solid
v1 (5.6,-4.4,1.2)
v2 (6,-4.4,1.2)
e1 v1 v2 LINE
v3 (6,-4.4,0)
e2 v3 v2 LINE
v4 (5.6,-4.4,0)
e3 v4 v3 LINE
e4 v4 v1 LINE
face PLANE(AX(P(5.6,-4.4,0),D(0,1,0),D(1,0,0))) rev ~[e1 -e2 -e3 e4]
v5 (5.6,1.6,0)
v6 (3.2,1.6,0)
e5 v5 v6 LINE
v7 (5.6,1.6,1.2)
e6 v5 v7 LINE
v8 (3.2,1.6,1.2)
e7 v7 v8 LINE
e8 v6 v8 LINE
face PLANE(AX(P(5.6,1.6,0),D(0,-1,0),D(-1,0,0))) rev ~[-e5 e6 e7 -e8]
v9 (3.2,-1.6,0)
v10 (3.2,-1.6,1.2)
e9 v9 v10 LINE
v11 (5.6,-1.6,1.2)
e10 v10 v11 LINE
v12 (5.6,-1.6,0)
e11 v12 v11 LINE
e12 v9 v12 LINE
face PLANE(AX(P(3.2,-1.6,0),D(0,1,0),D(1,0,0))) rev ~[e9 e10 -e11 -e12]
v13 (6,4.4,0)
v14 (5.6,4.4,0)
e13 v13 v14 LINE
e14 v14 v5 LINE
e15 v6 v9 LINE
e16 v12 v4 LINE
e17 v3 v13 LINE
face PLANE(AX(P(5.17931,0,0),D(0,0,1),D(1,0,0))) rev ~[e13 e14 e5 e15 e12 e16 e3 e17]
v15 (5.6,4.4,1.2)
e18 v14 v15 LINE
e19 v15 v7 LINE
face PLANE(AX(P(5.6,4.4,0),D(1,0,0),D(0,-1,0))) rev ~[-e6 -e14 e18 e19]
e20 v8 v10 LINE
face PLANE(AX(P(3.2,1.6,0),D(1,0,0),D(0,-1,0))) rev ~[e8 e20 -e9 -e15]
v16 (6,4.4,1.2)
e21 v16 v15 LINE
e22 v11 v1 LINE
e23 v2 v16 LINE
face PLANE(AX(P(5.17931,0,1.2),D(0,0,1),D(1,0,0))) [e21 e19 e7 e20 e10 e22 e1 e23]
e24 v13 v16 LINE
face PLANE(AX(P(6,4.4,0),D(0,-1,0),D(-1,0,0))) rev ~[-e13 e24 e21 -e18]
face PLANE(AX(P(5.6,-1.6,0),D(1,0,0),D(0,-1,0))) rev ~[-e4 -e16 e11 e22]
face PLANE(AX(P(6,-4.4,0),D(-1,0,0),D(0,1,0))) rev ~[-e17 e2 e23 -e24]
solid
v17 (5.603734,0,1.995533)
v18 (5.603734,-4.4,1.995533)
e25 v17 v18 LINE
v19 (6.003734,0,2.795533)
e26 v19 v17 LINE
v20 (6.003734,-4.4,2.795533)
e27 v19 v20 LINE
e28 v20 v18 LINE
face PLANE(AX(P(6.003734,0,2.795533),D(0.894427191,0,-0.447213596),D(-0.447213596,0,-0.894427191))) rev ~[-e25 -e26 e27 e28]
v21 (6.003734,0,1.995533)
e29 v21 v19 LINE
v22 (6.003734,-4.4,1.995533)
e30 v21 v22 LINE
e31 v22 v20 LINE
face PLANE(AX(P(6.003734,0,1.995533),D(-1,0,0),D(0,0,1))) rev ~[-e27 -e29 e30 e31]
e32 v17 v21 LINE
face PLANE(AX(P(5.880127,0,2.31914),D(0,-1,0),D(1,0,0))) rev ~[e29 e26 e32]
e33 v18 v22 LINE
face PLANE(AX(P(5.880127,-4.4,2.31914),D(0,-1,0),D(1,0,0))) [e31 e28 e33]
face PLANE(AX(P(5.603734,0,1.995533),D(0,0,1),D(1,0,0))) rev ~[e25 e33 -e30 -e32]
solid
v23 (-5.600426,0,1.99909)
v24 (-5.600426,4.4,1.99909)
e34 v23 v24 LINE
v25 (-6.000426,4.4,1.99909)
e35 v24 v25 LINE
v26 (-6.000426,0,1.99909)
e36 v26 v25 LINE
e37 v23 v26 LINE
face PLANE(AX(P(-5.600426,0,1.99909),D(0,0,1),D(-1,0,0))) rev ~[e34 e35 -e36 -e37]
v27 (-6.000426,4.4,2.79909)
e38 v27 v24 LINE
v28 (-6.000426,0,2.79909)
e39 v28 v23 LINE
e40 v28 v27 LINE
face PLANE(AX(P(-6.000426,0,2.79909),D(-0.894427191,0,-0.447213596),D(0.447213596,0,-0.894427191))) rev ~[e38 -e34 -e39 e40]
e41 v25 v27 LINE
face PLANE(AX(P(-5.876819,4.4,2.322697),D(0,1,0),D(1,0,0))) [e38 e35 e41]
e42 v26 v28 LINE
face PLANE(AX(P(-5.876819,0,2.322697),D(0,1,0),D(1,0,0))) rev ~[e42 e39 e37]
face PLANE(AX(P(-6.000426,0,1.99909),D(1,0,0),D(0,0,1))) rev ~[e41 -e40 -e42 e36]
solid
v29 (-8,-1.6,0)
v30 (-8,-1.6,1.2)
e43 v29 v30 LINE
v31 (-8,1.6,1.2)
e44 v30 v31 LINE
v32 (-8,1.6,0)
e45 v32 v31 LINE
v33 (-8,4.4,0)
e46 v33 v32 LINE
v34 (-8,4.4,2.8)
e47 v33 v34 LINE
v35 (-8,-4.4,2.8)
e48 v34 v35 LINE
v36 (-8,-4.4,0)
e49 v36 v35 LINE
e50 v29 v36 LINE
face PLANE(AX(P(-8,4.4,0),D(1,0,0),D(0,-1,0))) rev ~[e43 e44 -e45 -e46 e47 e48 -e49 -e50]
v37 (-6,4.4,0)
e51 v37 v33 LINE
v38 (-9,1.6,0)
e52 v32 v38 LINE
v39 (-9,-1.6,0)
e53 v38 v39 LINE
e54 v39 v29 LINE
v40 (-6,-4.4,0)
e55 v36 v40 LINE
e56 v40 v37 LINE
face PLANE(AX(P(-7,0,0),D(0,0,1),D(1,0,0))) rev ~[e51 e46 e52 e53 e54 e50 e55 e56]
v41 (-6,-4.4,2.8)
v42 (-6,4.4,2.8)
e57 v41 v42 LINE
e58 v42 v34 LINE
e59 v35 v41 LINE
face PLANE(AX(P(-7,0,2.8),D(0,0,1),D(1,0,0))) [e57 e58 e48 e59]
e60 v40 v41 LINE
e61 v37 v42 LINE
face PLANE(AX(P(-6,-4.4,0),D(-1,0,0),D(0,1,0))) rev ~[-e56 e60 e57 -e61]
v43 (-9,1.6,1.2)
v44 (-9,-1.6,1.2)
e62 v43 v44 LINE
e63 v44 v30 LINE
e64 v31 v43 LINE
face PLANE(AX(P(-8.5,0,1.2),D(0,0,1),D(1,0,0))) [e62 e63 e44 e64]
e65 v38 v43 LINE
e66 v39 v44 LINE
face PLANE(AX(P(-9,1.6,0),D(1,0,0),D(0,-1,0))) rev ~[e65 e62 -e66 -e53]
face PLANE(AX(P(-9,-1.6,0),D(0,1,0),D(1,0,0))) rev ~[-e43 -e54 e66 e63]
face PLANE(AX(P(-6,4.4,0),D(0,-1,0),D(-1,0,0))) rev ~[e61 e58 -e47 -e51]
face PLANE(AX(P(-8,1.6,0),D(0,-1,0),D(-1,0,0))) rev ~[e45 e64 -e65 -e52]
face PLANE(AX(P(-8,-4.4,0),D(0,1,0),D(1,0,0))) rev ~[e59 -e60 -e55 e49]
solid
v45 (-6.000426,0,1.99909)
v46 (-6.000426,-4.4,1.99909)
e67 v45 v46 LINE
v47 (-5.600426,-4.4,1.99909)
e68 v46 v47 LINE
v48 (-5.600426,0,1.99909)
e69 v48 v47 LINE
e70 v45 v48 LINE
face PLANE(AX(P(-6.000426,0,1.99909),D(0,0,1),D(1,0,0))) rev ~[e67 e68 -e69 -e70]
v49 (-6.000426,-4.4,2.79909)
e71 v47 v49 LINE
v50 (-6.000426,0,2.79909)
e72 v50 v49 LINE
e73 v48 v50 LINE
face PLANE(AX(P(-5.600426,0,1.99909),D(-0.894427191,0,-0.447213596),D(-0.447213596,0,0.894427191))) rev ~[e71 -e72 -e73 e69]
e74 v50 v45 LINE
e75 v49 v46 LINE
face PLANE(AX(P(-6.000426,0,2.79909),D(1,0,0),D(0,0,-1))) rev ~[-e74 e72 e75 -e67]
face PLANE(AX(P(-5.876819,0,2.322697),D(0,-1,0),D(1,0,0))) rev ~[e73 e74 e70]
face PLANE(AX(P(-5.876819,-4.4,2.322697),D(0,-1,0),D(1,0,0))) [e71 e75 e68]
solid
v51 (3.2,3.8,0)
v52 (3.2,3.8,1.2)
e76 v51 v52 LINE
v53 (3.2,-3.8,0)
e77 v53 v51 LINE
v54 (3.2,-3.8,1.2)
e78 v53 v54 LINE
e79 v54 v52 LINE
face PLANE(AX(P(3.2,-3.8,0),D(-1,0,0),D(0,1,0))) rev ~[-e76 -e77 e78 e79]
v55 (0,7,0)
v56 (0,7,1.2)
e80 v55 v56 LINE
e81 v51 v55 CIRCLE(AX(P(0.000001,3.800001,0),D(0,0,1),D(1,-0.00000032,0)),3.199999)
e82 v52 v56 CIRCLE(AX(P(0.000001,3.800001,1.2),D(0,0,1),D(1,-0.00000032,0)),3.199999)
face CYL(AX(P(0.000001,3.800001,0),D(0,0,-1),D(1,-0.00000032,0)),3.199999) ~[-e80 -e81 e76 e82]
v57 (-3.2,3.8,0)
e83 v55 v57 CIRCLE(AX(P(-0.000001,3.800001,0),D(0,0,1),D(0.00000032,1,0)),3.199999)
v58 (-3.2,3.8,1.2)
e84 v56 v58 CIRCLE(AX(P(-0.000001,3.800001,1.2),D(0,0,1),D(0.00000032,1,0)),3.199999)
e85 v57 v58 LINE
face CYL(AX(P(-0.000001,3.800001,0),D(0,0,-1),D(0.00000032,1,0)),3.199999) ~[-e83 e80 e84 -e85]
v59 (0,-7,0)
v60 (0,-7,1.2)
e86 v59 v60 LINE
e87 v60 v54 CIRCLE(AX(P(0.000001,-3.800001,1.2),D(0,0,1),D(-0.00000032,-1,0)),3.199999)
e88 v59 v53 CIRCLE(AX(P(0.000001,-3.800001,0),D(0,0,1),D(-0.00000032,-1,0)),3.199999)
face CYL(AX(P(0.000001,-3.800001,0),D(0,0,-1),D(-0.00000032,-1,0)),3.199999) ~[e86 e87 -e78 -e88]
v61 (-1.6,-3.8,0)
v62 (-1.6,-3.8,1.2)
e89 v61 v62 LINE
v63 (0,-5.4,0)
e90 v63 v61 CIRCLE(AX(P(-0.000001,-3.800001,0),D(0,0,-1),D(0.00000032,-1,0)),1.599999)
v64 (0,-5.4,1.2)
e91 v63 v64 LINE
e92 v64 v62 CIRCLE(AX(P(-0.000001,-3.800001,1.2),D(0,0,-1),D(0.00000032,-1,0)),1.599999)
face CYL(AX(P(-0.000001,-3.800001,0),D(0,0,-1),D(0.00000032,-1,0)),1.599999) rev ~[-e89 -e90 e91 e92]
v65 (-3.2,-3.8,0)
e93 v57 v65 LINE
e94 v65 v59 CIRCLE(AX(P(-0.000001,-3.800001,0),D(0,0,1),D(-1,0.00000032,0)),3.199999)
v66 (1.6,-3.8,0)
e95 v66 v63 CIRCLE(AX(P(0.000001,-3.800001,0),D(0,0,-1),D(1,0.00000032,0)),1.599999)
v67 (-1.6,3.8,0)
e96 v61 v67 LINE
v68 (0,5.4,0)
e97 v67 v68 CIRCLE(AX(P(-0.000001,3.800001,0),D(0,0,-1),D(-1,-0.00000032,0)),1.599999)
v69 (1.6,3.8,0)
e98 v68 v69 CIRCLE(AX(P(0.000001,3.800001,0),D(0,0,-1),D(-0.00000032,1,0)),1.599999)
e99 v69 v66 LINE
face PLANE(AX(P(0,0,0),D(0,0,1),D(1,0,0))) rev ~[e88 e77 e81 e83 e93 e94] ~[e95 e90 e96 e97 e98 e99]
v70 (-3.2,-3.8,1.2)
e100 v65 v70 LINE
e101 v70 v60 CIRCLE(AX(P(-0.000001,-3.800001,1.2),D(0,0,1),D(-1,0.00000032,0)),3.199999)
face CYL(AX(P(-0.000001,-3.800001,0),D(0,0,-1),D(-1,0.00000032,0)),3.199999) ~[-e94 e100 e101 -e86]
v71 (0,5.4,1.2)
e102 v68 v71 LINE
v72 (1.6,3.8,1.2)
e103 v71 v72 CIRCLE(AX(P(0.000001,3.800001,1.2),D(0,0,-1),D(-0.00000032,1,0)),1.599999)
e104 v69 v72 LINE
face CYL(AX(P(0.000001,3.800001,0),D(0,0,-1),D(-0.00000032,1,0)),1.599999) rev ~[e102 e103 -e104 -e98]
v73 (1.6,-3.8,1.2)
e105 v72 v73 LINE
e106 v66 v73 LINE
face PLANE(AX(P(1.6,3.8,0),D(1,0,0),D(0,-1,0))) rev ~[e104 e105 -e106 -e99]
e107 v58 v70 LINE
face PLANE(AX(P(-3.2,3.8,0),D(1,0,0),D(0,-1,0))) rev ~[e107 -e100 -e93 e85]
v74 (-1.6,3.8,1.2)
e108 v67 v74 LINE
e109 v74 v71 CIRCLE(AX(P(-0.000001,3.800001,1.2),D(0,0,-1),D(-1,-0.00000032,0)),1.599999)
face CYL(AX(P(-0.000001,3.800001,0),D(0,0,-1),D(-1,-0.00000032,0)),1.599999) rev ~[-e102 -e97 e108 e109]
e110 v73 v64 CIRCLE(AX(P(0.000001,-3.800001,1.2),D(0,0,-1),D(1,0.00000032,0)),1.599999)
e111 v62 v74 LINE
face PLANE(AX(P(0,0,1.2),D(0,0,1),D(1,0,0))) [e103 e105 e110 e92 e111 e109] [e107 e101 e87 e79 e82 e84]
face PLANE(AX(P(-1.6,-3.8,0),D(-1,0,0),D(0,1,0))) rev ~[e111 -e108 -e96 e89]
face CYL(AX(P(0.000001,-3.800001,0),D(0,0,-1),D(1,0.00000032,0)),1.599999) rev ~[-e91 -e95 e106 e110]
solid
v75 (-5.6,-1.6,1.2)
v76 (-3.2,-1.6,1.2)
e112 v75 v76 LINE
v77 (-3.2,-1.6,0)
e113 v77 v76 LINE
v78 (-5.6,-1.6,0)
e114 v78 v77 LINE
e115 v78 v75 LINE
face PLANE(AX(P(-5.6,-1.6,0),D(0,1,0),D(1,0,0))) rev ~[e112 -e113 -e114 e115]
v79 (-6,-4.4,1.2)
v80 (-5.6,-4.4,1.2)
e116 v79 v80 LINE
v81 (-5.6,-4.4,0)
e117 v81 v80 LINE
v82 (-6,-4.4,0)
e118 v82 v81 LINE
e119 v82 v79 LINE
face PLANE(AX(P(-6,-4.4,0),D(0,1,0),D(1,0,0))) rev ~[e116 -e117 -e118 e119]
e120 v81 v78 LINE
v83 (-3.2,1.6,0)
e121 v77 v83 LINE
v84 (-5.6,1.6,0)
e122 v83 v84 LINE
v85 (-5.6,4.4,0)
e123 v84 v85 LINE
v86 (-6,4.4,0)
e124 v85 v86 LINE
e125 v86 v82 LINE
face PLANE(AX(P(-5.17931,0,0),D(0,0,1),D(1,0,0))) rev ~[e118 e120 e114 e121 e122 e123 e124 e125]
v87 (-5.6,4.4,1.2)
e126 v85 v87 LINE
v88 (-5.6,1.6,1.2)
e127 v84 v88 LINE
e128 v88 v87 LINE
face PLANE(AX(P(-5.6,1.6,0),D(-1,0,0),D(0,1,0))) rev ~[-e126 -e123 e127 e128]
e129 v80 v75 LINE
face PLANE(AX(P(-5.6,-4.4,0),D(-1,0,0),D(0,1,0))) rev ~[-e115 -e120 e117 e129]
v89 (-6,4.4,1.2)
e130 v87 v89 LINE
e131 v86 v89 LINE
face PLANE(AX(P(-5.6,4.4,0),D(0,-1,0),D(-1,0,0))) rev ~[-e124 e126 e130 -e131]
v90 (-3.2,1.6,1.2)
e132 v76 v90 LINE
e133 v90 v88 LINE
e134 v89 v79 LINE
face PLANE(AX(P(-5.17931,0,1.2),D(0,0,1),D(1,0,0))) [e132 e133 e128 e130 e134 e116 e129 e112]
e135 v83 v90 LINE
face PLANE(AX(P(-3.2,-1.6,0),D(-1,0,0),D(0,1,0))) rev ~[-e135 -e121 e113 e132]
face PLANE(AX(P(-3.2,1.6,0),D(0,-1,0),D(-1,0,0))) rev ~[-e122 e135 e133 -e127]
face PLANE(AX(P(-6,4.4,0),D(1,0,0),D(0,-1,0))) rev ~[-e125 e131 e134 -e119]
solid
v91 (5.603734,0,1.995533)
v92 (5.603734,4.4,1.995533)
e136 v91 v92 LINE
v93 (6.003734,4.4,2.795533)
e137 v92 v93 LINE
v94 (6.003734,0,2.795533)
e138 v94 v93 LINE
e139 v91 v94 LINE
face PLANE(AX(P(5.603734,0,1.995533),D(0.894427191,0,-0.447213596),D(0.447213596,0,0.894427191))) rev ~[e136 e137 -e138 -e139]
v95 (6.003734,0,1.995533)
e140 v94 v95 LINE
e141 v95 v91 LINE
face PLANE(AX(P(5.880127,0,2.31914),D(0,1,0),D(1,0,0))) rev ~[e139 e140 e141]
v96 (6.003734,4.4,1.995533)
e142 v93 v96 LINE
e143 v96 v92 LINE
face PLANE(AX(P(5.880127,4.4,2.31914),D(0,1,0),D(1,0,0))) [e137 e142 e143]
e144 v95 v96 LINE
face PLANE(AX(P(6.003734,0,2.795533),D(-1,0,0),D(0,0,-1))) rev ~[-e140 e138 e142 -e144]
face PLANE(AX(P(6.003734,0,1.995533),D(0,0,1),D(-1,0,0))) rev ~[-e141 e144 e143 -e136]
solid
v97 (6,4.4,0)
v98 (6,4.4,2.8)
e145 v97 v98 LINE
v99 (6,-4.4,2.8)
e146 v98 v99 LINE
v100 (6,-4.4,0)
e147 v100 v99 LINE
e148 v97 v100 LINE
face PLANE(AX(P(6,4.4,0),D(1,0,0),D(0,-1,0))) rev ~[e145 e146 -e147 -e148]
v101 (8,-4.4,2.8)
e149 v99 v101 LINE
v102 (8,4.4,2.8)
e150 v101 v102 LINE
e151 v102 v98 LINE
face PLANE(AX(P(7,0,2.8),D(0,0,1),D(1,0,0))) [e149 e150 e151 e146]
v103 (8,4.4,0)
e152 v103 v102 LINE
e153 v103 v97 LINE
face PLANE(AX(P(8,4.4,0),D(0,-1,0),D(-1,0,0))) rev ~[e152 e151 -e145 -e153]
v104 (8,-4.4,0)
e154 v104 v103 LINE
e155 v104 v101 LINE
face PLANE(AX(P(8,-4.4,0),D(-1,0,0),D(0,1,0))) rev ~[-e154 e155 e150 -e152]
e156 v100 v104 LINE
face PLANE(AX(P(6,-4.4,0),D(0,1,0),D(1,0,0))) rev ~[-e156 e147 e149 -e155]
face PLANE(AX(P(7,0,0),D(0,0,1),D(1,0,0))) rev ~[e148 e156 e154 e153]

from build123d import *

# Parameters (mm, degrees)
F1_DEPTH = 2.8
F2_DEPTH = 1.2
F4_DEPTH = 4.4
F5_DEPTH = 4.4
F6_DEPTH = 1.2
F7_DEPTH = 1.2


with BuildPart() as f1:
    # F0 (on Top) → F1 (new body)
    with BuildSketch(Plane.XY):
        Polygon((8, 4.4), (6, 4.4), (6, -4.4), (8, -4.4), (8, 0), align=None)
        Polygon((-6, 4.4), (-8, 4.4), (-8, 1.6), (-8, 0), (-8, -1.6), (-8, -4.4), (-6, -4.4), align=None)
    extrude(amount=F1_DEPTH)

    # F0 (on Top) → F6 (join)
    with BuildSketch(Plane.XY):
        Polygon((-8, 0), (-8, 1.6), (-9, 1.6), (-9, -1.6), (-8, -1.6), align=None)
    extrude(amount=F6_DEPTH)


with BuildPart() as f2:
    # F0 (on Top) → F2 (new body)
    with BuildSketch(Plane.XY):
        with BuildLine():
            Line((-3.2, 3.8), (-3.2, 1.6))
            Line((-3.2, 1.6), (-3.2, -1.6))
            Line((-3.2, -1.6), (-3.2, -3.8))
            ThreePointArc((-3.2, -3.8), (-2.262742, -6.062742), (0, -7))
            ThreePointArc((0, -7), (2.262742, -6.062742), (3.2, -3.8))
            Line((3.2, -3.8), (3.2, -1.6))
            Line((3.2, -1.6), (3.2, 1.6))
            Line((3.2, 1.6), (3.2, 3.8))
            ThreePointArc((3.2, 3.8), (2.262742, 6.062742), (0, 7))
            ThreePointArc((0, 7), (-2.262742, 6.062742), (-3.2, 3.8))
        make_face()
        with BuildLine():
            Line((-1.6, -3.8), (-1.6, 0))
            Line((-1.6, 0), (-1.6, 3.8))
            ThreePointArc((-1.6, 3.8), (-1.131371, 4.931371), (0, 5.4))
            ThreePointArc((0, 5.4), (1.131371, 4.931371), (1.6, 3.8))
            Line((1.6, 3.8), (1.6, 0))
            Line((1.6, 0), (1.6, -3.8))
            ThreePointArc((1.6, -3.8), (1.131371, -4.931371), (0, -5.4))
            ThreePointArc((0, -5.4), (-1.131371, -4.931371), (-1.6, -3.8))
        make_face(mode=Mode.SUBTRACT)
    extrude(amount=F2_DEPTH)


with BuildPart() as f4:
    # F3 (on Front) → F4 (new body)
    with BuildSketch(Plane.XZ):
        Polygon((-5.600426, 1.99909), (-6.000426, 2.79909), (-6.000426, 1.99909), align=None)
        Polygon((6.003734, 1.995533), (6.003734, 2.795533), (5.603734, 1.995533), align=None)
    extrude(amount=F4_DEPTH)


with BuildPart() as f5:
    # F4_face (on face) → F5 (new body)
    with BuildSketch(Plane(origin=(-5.867093, 0, 2.265757), x_dir=(1, 0, 0), z_dir=(0, 1, 0))):
        Polygon((-0.133333, -0.533333), (0.266667, 0.266667), (-0.133333, 0.266667), align=None)
        Polygon((11.870827, -0.529776), (11.870827, 0.270224), (11.470827, 0.270224), align=None)
    extrude(amount=F5_DEPTH)


with BuildPart() as f7:
    # F0 (on Top) → F7 (new body)
    with BuildSketch(Plane.XY):
        Polygon((5.6, 1.6), (3.2, 1.6), (3.2, -1.6), (5.6, -1.6), (5.6, -4.4), (6, -4.4), (6, 4.4), (5.6, 4.4), align=None)
        Polygon((-5.6, 4.4), (-6, 4.4), (-6, -4.4), (-5.6, -4.4), (-5.6, -1.6), (-3.2, -1.6), (-3.2, 1.6), (-5.6, 1.6), align=None)
    extrude(amount=F7_DEPTH)


solid = Compound([f1.part, f2.part, f4.part, f5.part, f7.part])
